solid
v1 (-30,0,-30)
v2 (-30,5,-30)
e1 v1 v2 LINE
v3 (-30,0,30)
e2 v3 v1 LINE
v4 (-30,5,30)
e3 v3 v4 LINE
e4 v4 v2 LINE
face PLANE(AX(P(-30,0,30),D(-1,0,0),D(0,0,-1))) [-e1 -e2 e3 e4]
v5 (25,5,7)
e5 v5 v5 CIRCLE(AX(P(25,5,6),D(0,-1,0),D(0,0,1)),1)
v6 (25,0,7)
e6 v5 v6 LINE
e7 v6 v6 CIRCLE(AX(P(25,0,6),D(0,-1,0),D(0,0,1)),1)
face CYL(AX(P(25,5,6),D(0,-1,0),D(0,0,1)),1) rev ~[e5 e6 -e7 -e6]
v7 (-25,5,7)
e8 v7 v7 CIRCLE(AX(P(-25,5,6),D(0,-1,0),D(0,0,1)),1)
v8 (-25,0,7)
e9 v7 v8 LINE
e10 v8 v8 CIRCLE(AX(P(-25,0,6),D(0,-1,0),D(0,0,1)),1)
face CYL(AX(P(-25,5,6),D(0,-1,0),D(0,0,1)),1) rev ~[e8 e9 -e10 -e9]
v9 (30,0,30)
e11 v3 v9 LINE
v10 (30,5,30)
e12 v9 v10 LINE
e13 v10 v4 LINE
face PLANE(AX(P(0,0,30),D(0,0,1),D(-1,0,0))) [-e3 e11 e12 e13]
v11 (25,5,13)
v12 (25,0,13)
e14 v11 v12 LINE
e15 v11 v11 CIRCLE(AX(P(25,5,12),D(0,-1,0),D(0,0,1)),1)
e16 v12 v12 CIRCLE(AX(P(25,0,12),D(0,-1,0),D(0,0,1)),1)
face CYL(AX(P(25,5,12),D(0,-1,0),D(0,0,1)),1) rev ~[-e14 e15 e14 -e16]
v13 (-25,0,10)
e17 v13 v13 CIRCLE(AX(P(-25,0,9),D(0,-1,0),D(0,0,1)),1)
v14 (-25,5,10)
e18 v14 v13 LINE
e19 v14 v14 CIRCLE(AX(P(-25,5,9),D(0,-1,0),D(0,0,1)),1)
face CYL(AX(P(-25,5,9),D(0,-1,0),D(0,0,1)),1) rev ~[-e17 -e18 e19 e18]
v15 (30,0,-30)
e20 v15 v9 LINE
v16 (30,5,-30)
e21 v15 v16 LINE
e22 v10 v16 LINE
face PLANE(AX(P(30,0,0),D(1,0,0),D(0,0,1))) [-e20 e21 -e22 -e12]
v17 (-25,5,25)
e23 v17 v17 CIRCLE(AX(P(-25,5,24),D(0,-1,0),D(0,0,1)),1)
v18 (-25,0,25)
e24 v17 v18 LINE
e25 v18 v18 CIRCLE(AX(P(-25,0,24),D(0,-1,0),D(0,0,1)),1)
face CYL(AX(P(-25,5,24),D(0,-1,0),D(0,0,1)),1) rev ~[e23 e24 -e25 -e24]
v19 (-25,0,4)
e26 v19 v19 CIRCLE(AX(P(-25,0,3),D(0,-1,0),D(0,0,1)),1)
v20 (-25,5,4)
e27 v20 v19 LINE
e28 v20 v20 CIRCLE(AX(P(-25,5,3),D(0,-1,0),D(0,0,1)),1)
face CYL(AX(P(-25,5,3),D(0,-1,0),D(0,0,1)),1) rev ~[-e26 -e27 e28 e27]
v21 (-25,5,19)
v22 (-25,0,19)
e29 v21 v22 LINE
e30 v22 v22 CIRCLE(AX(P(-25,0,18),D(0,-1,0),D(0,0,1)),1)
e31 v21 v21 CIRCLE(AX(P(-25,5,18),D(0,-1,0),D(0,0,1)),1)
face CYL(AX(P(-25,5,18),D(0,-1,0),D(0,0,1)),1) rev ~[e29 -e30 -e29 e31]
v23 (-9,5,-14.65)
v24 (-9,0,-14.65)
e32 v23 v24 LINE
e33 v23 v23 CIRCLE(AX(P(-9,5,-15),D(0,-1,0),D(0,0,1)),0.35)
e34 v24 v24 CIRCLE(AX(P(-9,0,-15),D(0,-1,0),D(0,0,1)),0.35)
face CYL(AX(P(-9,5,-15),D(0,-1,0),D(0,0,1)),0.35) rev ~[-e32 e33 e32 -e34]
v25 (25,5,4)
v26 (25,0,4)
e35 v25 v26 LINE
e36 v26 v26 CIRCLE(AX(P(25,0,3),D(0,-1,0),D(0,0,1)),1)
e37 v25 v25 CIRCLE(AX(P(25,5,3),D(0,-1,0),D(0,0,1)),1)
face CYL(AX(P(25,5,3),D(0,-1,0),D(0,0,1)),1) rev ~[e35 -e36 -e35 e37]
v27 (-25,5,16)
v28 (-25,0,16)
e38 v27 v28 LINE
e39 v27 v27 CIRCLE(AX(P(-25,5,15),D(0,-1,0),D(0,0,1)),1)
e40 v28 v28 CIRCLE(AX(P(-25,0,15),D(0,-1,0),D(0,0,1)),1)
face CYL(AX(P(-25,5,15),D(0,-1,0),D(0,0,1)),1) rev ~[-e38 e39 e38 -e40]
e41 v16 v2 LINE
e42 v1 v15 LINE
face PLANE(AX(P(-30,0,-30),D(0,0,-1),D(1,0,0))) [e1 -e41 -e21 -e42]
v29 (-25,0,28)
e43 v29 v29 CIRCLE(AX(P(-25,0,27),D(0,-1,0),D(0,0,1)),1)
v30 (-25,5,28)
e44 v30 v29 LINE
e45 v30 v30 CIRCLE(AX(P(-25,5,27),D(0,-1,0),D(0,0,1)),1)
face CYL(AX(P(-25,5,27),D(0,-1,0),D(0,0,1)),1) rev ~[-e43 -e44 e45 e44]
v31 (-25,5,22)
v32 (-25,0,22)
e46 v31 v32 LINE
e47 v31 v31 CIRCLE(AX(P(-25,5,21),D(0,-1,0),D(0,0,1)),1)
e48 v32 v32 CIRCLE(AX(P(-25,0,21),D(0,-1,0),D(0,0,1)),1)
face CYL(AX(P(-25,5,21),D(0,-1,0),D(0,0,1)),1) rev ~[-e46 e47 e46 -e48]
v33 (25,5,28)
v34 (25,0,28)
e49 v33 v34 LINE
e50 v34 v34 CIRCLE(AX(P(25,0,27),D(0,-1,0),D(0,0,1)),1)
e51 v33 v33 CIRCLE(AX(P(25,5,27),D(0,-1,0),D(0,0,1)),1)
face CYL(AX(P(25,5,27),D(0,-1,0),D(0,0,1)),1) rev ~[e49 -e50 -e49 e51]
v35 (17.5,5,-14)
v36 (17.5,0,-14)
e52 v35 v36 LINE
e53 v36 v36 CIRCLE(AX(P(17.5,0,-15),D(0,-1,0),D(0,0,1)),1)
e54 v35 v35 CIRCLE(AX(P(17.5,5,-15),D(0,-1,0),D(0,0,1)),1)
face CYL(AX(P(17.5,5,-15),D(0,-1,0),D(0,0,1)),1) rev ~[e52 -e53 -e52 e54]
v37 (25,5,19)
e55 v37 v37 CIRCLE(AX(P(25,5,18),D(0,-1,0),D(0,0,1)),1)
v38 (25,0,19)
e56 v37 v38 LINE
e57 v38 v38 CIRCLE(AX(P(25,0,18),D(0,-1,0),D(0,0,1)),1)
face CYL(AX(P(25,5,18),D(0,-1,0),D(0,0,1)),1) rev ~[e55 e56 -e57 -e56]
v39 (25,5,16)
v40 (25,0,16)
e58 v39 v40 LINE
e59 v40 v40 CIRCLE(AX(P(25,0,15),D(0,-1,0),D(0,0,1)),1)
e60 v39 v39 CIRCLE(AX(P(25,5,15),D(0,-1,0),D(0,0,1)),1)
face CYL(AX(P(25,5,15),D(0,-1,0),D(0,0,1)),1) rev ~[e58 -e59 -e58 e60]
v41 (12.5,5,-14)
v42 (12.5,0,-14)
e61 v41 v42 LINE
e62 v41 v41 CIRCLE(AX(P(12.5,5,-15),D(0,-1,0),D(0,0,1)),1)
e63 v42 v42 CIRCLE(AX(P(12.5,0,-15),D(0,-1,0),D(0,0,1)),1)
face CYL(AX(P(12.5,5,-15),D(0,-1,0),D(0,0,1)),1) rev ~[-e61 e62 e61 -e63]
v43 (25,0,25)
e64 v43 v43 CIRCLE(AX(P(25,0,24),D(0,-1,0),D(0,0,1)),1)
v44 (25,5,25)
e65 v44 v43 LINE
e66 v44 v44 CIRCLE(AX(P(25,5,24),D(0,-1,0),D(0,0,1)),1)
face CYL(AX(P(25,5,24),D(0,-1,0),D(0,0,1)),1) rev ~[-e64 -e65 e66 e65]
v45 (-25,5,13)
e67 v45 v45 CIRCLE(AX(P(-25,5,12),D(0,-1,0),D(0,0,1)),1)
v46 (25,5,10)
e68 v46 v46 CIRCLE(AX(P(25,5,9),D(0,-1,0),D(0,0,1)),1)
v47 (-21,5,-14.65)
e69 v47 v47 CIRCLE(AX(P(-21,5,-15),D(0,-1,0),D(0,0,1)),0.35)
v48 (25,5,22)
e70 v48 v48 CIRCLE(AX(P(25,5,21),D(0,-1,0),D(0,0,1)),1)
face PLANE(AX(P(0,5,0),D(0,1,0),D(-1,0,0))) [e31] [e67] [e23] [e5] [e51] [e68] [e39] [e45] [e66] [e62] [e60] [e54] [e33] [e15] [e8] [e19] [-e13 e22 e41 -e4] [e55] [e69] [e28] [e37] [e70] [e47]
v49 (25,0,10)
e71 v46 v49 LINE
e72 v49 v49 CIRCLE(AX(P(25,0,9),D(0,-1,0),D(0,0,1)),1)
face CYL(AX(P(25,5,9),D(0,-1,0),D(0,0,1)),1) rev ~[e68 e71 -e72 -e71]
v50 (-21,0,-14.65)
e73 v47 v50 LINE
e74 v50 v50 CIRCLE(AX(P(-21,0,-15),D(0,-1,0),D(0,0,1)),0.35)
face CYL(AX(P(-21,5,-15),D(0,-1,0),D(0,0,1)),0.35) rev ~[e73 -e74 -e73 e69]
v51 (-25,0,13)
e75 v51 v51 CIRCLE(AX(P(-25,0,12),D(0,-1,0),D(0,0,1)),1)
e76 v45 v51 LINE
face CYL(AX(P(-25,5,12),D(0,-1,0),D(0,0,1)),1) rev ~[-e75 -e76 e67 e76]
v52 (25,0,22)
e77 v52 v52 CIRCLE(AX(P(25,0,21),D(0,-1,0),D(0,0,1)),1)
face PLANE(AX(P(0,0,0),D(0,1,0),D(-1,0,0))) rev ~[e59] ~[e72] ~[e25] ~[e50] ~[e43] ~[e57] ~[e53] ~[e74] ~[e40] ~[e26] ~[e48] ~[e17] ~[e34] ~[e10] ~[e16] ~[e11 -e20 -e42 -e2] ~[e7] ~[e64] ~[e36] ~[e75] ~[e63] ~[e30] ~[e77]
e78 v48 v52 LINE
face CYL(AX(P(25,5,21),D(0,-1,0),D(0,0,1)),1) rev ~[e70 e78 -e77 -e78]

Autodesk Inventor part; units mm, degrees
ref_plane "YZ Plane" through (0, 0, 0) normal (1, 0, 0) x (0, 1, 0)
ref_plane "XZ Plane" through (0, 0, 0) normal (0, 1, 0) x (-1, 0, 0)
ref_plane "XY Plane" through (0, 0, 0) normal (0, 0, 1) x (1, 0, 0)
sketch "Эскиз1" plane through (0, 0, 0) normal (0, 1, 0) x (-1, 0, 0)
  line L0 (0, 30) -> (30, 30)
  line L1 (30, 30) -> (30, -30)
  line L2 (30, -30) -> (-20, -30)
  line L3 (-20, 30) -> (0, 30)
  line L4 (-30, 0) -> (-30, -30)
  line L5 (-30, -30) -> (-30, 30)
  line L6 (-20, 30) -> (-30, 30)
  line L7 (-30, -30) -> (-20, -30)
  point P0 (0, 0)
extrude "Выдавливание1" add sketch "Эскиз1" along normal blind 5
sketch "Эскиз2" plane through (0, 5, 0) normal (0, 1, 0) x (1, 0, 0)
  line L0 (-30, 30) -> (-30, -30) projected
  line L1 (-30, 0) -> (30, 0)
  line L2 (30, -30) -> (30, 30) projected
  line L3 (0, 0) -> (0, 30)
  line L4 (30, 30) -> (-30, 30) projected
  line L5 (0, 15) -> (30, 15)
  line L6 (15, 0) -> (15, 30)
  line L7 (15, 15) -> (12.5, 15)
  line L8 (12.5, 15) -> (17.5, 15)
  dimension "d46" = 2.5
  dimension "d47" = 5
sketch "Эскиз3" plane through (0, 5, 0) normal (0, 1, 0) x (1, 0, 0)
  line L0 (30, -30) -> (30, 30) projected
  line L1 (-30, -30) -> (30, -30) projected
  line L2 (25, 0) -> (25, -3)
  line L3 (25, -30) -> (25, -27)
  line L4 (-25, -27) -> (-25, -3)
  line L5 (-25, -27) -> (-25, -24)
  line L6 (-25, -24) -> (-25, -21)
  line L7 (-25, -21) -> (-25, -18)
  line L8 (-25, -18) -> (-25, -15)
  line L9 (-25, -15) -> (-25, -12)
  line L10 (-25, -12) -> (-25, -9)
  line L11 (-25, -9) -> (-25, -6)
  line L12 (25, -27) -> (25, -3)
  line L13 (25, -27) -> (25, -24)
  line L14 (25, -24) -> (25, -21)
  line L15 (25, -21) -> (25, -18)
  line L16 (25, -18) -> (25, -15)
  line L17 (25, -15) -> (25, -12)
  line L18 (25, -12) -> (25, -9)
  line L19 (25, -9) -> (25, -6)
  point P0 (0, 0)
  dimension "d19" = 3
  dimension "d20" = 3
  dimension "d21" = 3
  dimension "d22" = 3
  dimension "d23" = 3
  dimension "d24" = 3
  dimension "d25" = 3
  dimension "d26" = 3
  dimension "d27" = 3
  dimension "d28" = 3
hole "Отверстие1" at (-25, 5, 27) at (-25, 5, 24) at (-25, 5, 21) at (-25, 5, 18) at (-25, 5, 15) at (-25, 5, 12) at (-25, 5, 9) at (-25, 5, 6) at (-25, 5, 3) at (25, 5, 27) at (25, 5, 24) at (25, 5, 21) at (25, 5, 18) at (25, 5, 15) at (25, 5, 12) at (25, 5, 9) at (25, 5, 6) at (25, 5, 3) direction (0, -1, 0) diameter 2 end through all
sketch "Эскиз4" plane through (0, 5, 0) normal (0, 1, 0) x (1, 0, 0)
  line L0 (-30, 30) -> (-30, -30) projected
  line L1 (-30, 0) -> (-30, 15)
  line L2 (-30, 15) -> (0, 15)
  line L3 (-30, 15) -> (-21, 15)
  line L4 (0, 15) -> (-9, 15)
  point P0 (0, 0)
  dimension "d36" = 15
  dimension "d37" = 9
  dimension "d38" = 9
hole "Отверстие2" at (-21, 5, -15) at (-9, 5, -15) direction (0, -1, 0) diameter 0.7 end through all
hole "Отверстие3" at (12.5, 5, -15) at (17.5, 5, -15) direction (0, -1, 0) diameter 2 end through all
ref_plane "РабПлоскость1" through (30, 5, -30) normal (0, -0.7071, -0.7071) x (-1, 0, 0)
